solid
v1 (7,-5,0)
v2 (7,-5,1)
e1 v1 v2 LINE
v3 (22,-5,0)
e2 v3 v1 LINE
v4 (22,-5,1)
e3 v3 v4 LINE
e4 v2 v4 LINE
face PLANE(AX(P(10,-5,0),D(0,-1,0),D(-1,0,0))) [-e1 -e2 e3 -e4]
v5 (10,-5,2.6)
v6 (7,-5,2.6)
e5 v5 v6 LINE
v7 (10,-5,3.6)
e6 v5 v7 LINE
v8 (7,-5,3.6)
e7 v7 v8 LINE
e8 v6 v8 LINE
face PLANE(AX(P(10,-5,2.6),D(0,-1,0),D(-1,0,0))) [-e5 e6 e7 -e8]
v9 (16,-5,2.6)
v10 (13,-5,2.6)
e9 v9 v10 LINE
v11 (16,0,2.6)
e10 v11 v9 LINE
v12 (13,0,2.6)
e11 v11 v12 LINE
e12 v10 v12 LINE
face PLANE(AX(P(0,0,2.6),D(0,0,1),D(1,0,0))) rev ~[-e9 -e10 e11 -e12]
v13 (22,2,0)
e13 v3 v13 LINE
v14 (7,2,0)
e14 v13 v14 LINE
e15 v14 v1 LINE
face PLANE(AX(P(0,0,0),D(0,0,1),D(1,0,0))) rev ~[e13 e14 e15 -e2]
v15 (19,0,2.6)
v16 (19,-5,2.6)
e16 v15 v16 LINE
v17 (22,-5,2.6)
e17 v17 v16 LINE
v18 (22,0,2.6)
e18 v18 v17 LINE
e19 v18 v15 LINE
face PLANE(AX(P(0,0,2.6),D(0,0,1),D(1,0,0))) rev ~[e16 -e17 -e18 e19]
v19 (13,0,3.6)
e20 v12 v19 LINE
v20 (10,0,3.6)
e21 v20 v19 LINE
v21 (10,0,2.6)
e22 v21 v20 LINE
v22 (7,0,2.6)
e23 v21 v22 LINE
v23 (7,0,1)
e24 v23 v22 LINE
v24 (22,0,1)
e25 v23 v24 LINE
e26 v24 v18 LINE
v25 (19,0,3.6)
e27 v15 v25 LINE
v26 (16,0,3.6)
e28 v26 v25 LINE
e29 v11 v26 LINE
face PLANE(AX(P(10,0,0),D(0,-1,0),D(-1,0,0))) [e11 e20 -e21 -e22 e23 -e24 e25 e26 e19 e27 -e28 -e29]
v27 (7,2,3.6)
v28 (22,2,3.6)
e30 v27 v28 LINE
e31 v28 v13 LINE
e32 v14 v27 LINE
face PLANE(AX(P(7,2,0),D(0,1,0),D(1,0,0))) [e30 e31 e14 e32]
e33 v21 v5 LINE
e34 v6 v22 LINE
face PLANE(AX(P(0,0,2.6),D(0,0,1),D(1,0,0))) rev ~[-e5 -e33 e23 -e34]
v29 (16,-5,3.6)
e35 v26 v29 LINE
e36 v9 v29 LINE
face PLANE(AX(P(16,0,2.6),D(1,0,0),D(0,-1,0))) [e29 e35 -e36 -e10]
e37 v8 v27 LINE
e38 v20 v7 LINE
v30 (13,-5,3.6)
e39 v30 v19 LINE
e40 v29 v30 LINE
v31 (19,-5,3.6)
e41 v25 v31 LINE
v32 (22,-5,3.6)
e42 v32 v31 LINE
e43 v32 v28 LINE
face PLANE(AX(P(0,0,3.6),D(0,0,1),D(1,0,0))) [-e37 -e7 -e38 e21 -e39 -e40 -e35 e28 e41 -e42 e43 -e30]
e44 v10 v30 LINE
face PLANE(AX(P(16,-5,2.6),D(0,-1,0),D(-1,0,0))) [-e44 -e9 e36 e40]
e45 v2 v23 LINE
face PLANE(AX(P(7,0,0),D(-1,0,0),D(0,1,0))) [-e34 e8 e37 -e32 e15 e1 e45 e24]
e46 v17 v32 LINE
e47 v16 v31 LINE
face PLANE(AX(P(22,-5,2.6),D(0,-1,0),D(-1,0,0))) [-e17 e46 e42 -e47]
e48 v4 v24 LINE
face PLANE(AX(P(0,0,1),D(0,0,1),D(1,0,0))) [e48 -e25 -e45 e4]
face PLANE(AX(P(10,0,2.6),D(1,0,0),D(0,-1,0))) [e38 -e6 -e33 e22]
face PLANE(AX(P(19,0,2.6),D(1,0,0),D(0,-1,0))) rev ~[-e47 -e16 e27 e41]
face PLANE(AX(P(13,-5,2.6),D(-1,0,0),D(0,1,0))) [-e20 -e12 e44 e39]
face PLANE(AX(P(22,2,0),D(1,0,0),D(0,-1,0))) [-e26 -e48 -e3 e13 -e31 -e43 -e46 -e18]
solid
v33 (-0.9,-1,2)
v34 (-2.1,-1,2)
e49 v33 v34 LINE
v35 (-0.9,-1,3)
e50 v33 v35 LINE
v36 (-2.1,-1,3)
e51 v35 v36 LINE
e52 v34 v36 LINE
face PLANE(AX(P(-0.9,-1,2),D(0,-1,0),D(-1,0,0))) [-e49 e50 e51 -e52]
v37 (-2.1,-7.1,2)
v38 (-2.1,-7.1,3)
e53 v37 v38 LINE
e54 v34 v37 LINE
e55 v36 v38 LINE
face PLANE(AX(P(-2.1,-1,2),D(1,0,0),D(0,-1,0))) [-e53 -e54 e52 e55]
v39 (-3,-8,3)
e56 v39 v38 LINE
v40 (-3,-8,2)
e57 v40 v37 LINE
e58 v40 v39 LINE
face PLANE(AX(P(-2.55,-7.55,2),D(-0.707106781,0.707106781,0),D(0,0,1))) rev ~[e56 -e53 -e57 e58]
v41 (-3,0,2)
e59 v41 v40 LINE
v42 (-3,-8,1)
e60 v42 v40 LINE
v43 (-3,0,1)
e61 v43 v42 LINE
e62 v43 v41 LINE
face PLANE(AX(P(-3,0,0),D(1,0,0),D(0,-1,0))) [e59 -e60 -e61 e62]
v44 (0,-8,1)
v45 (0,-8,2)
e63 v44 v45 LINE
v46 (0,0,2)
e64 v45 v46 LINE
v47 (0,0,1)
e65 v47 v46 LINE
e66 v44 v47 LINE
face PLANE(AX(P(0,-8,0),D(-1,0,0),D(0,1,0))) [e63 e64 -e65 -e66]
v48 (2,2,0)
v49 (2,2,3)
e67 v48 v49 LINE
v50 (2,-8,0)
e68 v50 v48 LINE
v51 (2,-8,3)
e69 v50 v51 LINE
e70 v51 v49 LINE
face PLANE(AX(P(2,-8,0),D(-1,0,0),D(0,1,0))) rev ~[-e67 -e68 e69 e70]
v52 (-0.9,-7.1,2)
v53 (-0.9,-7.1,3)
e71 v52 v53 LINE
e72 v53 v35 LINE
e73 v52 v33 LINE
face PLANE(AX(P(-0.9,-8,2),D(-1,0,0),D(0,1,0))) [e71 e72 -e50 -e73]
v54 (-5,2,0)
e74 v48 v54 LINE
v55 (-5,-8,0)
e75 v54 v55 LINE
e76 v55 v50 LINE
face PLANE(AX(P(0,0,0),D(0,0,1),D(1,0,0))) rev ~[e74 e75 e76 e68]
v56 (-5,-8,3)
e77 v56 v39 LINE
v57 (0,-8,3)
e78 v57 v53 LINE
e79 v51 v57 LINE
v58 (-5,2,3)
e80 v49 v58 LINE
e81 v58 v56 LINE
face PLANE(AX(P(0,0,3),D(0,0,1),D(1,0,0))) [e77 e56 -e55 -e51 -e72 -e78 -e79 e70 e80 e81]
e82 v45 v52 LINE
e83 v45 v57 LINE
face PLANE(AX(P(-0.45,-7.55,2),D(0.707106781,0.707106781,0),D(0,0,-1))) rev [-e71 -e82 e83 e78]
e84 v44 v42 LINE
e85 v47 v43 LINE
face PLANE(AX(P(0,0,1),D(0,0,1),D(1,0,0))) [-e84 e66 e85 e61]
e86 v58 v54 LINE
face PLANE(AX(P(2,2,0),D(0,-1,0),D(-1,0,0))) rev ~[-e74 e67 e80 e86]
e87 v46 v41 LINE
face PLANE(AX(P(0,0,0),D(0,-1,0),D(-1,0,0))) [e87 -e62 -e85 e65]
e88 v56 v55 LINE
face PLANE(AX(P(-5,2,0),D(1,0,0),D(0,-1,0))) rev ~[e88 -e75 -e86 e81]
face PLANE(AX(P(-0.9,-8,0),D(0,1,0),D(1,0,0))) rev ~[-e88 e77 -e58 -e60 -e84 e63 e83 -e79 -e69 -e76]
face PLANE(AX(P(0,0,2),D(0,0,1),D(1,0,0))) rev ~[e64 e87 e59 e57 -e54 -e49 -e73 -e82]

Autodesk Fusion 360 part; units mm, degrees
sketch "Sketch1" plane through (0, 0, 0) normal (0, 0, 1) x (1, 0, 0)
  line L0 (0, 0) -> (-3, 0)
  line L1 (-3, 0) -> (-3, -8)
  line L2 (-3, -8) -> (0, -8)
  line L3 (0, -8) -> (0, 0)
  line L4 (-5, -8) -> (2, -8)
  line L5 (2, -8) -> (2, 2)
  line L6 (2, 2) -> (-5, 2)
  line L7 (-5, 2) -> (-5, -8)
  line L8 (-2.1, -8) -> (-0.9, -8)
  line L9 (-0.9, -8) -> (-0.9, -1)
  line L10 (-0.9, -1) -> (-2.1, -1)
  line L11 (-2.1, -1) -> (-2.1, -8)
  dimension "d1" = 3
  dimension "d2" = 8
  dimension "d3" = 2
  dimension "d4" = 2
  dimension "d5" = 2
  dimension "d10" = 1.2
  dimension "d12" = 1
  dimension "d13" = 0.9
extrude "Extrude1" add sketch "Sketch1" along normal blind 1 contours L0 L1 L2 L3 L4 L9 L10 L11 | L2 L4 L8 L9 L10 L11 makes body 1
extrude "Extrude2" add sketch "Sketch1" along normal blind 2 contours L0 L1 L3 L4 L5 L6 L7 bodies 1
extrude "Extrude3" add sketch "Sketch1" along normal blind 1 from surface at 2 contours L0 L1 L2 L3 L4 L9 L10 L11 | L0 L1 L3 L4 L5 L6 L7 bodies 1
chamfer "Chamfer1" distance 0.9 angle 45 2 edges at (-2.1, -8, 2.5) (-0.9, -8, 2.5) on bodies 1
sketch "Sketch2" plane through (0, 0, 0) normal (0, 0, 1) x (1, 0, 0)
  line L0 (7, 2) -> (22, 2)
  line L1 (22, 2) -> (22, -5)
  line L2 (22, -5) -> (7, -5)
  line L3 (7, -5) -> (7, 2)
  line L4 (7, 2) -> (10, 2)
  line L5 (10, 2) -> (10, -5)
  line L6 (10, -5) -> (7, -5)
  line L7 (7, -5) -> (7, 2)
  line L8 (22, 2) -> (19, 2)
  line L9 (19, 2) -> (19, -5)
  line L10 (19, -5) -> (22, -5)
  line L11 (22, -5) -> (22, 2)
  line L12 (13, 2) -> (16, 2)
  line L13 (16, 2) -> (16, -5)
  line L14 (16, -5) -> (13, -5)
  line L15 (13, -5) -> (13, 2)
  line L16 (7, 2) -> (22, 2)
  line L17 (22, 2) -> (22, 0)
  line L18 (22, 0) -> (7, 0)
  line L19 (7, 0) -> (7, 2)
  dimension "d21" = 15
  dimension "d22" = 2
extrude "Extrude5" add sketch "Sketch2" along normal blind 1 separate body makes body 2
extrude "Extrude6" add sketch "Sketch2" along normal blind 3.6 contours L0 L3 L4 L5 L7 L16 L18 L19 | L0 L5 L15 L16 L18 | L0 L12 L13 L15 L16 L18 | L0 L9 L13 L16 L18 | L0 L1 L8 L9 L11 L16 L17 L18 bodies 2
extrude "Extrude7" add sketch "Sketch2" along normal blind 1 from surface at 2.6 contours L2 L3 L5 L6 L7 L18 | L2 L13 L14 L15 L18 | L1 L2 L9 L10 L11 L18 bodies 2
